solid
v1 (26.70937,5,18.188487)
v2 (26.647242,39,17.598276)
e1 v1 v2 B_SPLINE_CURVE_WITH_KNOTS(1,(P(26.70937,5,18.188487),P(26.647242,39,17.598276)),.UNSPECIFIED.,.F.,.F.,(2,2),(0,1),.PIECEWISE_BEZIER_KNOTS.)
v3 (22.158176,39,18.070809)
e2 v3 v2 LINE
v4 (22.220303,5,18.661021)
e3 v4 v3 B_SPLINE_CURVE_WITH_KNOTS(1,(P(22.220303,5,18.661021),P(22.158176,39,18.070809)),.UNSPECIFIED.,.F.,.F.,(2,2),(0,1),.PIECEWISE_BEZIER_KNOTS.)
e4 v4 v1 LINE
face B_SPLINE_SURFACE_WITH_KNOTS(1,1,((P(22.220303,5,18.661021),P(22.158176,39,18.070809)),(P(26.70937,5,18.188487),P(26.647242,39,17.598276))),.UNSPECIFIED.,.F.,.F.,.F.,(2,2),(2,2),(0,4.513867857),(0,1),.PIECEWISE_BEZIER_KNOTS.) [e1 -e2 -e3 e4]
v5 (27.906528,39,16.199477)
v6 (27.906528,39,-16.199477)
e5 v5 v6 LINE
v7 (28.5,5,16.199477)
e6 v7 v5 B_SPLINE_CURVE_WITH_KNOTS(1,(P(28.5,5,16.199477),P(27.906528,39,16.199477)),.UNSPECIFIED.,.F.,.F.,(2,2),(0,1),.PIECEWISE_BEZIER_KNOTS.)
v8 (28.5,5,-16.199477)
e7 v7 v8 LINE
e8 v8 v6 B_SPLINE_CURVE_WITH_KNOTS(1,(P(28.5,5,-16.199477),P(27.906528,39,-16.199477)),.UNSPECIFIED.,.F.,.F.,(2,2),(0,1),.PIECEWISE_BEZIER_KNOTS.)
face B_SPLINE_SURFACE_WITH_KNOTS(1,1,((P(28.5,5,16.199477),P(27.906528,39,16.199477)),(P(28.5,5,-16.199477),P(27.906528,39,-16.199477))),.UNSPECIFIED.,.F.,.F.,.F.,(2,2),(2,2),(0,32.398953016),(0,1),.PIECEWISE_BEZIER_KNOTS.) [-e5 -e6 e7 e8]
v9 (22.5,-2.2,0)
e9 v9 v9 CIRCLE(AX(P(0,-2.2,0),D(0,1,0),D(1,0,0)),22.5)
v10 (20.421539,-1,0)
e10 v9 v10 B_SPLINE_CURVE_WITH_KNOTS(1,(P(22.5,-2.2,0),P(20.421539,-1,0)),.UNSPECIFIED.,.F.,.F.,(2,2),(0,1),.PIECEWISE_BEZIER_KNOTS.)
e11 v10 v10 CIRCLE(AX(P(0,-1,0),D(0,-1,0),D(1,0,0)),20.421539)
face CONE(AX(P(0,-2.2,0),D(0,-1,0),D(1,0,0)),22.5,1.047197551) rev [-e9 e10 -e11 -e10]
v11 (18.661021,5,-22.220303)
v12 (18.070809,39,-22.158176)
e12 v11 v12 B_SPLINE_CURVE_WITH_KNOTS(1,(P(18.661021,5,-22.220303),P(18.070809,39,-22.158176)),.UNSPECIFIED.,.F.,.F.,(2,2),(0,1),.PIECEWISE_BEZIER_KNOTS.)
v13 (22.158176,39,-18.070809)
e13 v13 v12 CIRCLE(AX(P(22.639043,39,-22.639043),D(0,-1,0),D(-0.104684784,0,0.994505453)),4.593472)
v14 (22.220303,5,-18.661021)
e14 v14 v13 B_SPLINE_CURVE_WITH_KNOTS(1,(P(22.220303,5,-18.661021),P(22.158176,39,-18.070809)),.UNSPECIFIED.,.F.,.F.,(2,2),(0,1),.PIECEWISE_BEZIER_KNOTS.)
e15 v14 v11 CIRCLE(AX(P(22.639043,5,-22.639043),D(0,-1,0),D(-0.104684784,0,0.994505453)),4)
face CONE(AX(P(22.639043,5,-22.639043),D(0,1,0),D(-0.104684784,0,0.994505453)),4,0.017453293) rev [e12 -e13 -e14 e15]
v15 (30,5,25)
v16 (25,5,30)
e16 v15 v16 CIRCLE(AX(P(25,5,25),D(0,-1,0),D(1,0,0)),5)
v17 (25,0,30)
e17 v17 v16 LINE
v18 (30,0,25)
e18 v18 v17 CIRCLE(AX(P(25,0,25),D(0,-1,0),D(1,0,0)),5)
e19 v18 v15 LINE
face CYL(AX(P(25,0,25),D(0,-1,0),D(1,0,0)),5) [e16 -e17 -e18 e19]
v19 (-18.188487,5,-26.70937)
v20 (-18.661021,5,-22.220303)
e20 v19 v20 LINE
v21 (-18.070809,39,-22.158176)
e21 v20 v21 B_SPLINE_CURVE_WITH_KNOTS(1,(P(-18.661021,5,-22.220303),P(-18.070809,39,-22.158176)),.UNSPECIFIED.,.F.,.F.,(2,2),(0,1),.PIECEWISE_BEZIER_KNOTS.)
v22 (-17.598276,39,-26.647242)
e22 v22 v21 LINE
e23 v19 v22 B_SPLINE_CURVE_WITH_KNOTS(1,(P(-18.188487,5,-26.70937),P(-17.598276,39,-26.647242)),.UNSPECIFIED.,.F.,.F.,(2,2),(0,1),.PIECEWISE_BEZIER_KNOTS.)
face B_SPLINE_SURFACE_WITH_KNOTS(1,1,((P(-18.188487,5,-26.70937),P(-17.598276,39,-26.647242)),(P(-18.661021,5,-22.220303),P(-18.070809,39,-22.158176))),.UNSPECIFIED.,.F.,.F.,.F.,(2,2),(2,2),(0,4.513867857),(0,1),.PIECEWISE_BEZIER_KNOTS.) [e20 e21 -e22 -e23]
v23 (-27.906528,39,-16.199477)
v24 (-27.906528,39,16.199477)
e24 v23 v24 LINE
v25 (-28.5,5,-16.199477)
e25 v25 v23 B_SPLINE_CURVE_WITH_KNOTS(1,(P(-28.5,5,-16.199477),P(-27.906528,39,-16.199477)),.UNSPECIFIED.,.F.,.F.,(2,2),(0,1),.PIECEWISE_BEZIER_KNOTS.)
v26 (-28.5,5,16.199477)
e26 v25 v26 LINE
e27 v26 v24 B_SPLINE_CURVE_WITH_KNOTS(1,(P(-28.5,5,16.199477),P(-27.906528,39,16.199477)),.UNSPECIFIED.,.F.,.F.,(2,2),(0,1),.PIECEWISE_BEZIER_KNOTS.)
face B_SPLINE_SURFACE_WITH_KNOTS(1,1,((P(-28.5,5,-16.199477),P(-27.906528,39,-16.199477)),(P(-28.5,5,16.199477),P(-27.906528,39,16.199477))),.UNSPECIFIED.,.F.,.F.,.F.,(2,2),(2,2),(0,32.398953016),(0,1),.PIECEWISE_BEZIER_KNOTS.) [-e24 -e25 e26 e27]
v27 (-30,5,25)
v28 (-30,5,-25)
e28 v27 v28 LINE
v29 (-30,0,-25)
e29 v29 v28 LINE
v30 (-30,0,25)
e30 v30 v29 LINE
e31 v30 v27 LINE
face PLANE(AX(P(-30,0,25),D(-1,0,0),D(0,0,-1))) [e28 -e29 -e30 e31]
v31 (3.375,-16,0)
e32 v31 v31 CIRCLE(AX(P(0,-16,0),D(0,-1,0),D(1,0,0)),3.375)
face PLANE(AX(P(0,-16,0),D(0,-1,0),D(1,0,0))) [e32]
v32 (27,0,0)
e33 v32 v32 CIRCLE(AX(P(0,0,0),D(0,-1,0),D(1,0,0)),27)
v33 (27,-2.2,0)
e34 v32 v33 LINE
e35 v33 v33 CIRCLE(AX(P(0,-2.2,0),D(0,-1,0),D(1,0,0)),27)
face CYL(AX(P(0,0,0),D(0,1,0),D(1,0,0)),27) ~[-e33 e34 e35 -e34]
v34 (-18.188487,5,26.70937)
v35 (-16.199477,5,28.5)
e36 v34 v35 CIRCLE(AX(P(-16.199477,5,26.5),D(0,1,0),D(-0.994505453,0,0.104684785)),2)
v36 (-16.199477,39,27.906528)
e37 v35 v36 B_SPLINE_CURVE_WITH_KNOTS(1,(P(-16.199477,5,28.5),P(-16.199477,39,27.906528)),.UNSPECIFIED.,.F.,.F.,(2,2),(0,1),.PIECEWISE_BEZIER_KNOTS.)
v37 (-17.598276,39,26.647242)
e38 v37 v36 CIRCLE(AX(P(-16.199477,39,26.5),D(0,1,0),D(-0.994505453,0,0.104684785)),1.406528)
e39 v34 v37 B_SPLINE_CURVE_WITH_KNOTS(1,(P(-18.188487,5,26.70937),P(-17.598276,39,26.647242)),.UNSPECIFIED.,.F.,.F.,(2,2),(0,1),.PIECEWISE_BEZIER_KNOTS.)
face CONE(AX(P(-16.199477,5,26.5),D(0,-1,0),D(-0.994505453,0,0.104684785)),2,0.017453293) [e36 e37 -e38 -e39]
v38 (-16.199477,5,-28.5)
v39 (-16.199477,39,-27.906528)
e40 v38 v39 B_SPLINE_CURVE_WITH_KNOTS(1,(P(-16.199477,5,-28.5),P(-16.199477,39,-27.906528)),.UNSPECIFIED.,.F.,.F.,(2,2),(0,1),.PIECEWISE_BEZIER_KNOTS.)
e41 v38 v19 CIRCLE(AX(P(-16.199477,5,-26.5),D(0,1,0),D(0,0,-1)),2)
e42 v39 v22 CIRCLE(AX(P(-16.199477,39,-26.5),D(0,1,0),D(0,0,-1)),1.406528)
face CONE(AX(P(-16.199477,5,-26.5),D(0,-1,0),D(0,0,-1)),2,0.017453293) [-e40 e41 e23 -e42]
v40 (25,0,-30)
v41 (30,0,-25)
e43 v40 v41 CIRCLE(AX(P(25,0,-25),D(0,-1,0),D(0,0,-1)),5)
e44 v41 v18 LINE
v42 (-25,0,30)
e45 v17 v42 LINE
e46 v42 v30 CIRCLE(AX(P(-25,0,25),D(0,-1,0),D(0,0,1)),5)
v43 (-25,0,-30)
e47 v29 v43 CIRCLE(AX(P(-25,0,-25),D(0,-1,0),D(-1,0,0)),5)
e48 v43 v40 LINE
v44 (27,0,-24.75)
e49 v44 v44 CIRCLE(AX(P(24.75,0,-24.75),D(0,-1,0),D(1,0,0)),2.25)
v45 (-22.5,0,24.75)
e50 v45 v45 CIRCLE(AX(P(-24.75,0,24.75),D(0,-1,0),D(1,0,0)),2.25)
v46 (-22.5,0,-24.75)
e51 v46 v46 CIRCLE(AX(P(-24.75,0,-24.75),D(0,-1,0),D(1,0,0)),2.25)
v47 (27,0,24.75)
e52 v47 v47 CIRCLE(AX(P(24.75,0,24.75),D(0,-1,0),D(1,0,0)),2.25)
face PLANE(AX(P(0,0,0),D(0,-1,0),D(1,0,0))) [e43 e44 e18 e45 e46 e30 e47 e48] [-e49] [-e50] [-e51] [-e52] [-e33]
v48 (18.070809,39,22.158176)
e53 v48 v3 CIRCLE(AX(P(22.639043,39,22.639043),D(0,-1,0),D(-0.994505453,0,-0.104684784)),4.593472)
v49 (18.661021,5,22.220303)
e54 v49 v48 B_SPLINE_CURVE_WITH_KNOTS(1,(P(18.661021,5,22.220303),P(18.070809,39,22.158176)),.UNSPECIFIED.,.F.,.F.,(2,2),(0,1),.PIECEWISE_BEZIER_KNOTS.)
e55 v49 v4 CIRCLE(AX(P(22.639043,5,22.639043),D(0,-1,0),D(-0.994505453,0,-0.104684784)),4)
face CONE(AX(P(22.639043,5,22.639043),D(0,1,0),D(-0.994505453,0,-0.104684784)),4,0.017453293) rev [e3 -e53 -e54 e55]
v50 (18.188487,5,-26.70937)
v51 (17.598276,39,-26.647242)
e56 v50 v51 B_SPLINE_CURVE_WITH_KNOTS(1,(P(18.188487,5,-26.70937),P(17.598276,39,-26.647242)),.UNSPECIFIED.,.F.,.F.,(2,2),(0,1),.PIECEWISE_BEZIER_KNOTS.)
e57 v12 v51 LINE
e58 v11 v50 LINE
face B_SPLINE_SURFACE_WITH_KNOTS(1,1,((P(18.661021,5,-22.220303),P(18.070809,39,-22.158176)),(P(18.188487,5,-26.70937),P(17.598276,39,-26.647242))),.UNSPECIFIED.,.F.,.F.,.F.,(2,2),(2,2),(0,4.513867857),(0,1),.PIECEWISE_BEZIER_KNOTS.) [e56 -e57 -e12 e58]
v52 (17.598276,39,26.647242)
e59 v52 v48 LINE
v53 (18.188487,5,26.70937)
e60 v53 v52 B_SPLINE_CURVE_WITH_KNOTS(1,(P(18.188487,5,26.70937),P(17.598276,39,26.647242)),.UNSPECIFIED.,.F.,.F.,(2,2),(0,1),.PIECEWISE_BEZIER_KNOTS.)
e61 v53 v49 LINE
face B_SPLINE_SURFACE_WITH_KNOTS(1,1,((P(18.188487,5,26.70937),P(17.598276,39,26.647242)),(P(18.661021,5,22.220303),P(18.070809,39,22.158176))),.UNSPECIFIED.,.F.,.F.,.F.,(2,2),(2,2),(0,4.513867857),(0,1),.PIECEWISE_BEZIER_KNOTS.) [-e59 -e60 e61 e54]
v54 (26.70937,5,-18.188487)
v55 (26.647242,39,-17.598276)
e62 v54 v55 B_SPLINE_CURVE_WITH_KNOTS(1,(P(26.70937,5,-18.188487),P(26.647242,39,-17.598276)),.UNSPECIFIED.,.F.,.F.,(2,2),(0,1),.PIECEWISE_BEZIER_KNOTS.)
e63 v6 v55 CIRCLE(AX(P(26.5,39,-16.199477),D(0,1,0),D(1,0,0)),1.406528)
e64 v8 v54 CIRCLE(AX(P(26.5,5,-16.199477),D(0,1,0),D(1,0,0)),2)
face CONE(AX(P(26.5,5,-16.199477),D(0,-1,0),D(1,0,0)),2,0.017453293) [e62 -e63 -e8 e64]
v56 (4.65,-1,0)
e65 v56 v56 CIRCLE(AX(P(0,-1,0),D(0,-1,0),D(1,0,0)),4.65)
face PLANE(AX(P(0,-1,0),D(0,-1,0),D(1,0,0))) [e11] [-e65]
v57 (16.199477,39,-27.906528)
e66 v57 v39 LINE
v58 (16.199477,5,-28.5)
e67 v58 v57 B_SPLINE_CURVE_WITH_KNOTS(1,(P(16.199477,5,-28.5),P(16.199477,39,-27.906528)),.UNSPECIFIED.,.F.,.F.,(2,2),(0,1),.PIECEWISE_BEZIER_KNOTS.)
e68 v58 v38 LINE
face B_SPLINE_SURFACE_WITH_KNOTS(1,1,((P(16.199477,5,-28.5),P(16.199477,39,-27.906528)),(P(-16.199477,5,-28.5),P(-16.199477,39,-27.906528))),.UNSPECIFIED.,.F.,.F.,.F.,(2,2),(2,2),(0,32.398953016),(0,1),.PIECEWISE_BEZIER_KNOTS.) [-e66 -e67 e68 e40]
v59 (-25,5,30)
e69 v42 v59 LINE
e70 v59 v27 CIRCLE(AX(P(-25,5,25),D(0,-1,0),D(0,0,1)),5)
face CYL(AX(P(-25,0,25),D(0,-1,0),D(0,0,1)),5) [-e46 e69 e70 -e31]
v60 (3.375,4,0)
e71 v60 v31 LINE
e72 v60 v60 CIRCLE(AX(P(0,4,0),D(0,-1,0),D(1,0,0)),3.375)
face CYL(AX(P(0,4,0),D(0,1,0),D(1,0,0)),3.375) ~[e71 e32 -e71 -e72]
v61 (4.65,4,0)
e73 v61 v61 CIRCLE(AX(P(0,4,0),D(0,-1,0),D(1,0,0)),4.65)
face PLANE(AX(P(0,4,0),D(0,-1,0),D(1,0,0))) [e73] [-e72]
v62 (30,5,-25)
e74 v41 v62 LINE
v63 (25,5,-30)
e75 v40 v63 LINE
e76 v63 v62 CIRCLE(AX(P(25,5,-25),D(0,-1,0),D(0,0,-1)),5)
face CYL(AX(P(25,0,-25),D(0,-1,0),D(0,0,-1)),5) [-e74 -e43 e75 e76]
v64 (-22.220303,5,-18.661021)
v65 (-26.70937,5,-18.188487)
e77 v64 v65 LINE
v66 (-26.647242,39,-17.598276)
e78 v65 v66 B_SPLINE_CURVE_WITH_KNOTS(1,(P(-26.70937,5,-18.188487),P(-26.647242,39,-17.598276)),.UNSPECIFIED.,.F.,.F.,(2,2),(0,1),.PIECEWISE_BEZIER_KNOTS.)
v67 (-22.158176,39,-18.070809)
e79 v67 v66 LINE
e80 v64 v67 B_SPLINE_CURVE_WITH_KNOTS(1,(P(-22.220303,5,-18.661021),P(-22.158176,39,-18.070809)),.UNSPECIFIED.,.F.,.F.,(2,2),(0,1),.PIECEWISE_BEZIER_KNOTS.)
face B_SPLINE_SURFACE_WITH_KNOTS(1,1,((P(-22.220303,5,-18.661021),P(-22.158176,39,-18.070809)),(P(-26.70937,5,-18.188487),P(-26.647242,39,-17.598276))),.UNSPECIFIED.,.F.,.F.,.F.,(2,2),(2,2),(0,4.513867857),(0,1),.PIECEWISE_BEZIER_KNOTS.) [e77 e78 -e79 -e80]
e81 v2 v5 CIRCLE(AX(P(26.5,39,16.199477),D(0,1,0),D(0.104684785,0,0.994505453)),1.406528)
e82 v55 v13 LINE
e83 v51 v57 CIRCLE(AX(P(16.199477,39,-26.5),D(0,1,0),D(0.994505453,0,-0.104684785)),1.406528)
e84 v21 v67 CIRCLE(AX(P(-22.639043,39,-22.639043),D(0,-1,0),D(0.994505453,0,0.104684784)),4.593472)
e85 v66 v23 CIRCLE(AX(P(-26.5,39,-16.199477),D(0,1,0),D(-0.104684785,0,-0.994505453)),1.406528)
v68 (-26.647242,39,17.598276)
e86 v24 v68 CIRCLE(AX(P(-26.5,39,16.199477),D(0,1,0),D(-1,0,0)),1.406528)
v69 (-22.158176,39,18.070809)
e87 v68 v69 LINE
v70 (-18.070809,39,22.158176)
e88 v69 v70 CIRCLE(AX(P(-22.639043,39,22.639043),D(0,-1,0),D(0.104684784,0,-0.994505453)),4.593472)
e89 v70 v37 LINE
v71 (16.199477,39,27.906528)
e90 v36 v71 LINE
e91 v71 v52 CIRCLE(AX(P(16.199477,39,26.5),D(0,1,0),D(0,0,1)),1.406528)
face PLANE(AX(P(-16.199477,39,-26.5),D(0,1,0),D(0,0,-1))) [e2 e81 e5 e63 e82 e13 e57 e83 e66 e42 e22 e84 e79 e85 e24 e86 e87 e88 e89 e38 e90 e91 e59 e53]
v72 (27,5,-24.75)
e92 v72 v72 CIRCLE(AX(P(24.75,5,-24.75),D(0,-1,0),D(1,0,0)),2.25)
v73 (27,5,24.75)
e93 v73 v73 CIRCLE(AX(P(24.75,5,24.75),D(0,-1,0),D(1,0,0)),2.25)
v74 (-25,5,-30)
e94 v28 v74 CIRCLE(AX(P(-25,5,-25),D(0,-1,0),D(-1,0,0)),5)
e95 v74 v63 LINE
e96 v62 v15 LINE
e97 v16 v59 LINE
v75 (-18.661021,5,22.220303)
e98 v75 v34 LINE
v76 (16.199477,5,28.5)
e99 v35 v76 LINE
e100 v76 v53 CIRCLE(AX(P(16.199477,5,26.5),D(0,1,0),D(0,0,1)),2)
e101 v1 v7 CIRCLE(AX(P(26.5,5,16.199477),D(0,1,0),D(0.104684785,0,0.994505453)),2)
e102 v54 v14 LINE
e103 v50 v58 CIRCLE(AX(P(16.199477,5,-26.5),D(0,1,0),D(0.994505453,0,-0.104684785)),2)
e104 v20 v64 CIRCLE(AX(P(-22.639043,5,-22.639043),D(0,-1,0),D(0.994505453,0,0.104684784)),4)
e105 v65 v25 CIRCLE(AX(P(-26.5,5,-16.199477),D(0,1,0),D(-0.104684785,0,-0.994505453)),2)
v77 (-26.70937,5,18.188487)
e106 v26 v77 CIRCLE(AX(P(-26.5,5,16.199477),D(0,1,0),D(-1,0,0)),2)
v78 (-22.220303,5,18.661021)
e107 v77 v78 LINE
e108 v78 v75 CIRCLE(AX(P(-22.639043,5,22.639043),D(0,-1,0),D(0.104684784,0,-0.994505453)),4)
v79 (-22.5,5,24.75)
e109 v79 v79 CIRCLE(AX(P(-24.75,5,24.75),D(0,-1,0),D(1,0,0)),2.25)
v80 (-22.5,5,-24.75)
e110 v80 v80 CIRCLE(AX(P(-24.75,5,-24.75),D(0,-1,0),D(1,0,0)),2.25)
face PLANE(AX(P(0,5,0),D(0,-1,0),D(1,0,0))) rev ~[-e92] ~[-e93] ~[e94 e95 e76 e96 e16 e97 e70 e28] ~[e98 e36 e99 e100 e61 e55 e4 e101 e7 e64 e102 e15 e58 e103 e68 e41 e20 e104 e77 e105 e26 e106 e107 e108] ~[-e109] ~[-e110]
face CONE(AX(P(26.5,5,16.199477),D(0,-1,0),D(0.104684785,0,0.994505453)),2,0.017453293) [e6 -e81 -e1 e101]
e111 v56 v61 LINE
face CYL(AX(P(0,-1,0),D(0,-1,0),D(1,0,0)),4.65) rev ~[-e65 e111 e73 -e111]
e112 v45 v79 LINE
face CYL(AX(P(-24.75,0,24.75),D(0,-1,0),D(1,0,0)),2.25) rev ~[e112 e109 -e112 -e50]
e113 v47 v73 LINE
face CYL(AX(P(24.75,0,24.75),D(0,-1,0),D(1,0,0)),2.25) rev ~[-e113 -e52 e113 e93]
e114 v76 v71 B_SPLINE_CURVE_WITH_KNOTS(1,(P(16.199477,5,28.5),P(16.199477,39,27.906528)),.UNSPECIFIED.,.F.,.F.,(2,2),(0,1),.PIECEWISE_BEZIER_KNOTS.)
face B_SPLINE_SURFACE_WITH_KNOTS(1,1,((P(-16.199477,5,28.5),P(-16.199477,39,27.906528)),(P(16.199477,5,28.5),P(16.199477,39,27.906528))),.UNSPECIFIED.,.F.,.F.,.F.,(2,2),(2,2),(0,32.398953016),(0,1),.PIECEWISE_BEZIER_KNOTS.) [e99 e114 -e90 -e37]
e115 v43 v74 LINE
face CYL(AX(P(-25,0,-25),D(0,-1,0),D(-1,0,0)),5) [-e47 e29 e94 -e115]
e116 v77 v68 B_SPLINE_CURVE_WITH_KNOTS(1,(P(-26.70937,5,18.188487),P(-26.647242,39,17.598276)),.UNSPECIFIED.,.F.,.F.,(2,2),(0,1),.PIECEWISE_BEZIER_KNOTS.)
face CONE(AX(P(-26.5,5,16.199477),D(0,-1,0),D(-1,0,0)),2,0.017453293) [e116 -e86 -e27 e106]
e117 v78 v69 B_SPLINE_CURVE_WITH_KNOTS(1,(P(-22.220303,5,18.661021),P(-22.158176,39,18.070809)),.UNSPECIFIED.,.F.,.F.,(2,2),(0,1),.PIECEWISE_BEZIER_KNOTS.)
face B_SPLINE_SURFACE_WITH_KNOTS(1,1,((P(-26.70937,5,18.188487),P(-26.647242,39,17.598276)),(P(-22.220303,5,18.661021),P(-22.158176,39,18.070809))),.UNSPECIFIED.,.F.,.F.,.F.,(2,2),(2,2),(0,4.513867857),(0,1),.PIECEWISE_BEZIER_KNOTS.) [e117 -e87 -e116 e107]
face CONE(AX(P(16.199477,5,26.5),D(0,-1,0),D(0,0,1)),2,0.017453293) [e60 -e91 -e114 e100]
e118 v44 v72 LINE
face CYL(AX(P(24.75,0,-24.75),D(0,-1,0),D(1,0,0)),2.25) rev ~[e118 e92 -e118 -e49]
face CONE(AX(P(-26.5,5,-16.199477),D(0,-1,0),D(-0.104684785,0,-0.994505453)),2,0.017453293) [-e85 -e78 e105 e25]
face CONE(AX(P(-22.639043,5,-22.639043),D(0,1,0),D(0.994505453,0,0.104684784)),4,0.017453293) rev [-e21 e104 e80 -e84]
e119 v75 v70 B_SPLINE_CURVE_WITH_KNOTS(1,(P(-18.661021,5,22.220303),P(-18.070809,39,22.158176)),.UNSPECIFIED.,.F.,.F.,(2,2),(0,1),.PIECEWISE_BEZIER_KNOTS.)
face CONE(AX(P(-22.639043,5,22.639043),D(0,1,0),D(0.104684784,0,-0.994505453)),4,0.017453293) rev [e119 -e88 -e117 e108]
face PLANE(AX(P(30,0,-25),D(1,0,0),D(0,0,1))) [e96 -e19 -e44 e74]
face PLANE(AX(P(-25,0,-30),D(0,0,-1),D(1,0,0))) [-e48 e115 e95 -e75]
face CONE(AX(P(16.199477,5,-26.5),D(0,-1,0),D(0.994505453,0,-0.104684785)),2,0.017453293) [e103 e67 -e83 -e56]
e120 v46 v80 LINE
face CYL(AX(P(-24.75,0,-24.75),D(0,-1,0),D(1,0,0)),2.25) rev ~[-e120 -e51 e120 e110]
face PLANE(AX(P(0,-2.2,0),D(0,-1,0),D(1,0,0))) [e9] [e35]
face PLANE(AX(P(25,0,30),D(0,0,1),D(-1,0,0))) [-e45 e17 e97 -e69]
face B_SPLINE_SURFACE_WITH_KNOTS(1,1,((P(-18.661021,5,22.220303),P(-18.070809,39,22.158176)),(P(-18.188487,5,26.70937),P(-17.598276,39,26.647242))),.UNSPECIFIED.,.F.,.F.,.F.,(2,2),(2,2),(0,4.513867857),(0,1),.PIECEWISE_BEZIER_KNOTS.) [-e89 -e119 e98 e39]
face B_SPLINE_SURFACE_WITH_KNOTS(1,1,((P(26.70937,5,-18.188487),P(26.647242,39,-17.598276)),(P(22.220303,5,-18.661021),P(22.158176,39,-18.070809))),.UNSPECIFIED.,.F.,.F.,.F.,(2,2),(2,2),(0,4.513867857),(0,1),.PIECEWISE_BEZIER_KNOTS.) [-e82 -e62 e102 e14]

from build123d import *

# Parameters (mm, degrees)
F0_R      = 2.25
F1_DEPTH  = 5
F3_DEPTH  = 34
F3_TAPER  = 1
F4_R      = 27
F5_DEPTH  = 2.2
F6_R      = 22.5
F7_DEPTH  = 1.2
F7_TAPER  = 60
F8_R      = 4.65
F9_DEPTH  = 5
F10_R     = 3.375
F11_DEPTH = 20


with BuildPart() as f1:
    # F0 (on Front) → F1 (new body)
    with BuildSketch(Plane.XZ):
        with BuildLine():
            ThreePointArc((30, 25), (28.5355339059, 28.5355339059), (25, 30))
            Line((25, 30), (-25, 30))
            ThreePointArc((-25, 30), (-28.5355339059, 28.5355339059), (-30, 25))
            Line((-30, 25), (-30, -25))
            ThreePointArc((-30, -25), (-28.5355339059, -28.5355339059), (-25, -30))
            Line((-25, -30), (25, -30))
            ThreePointArc((25, -30), (28.5355339059, -28.5355339059), (30, -25))
            Line((30, -25), (30, 25))
        make_face()
        with Locations((-24.75, -24.75)):
            Circle(F0_R, mode=Mode.SUBTRACT)
        with Locations((24.75, -24.75)):
            Circle(F0_R, mode=Mode.SUBTRACT)
        with Locations((-24.75, 24.75)):
            Circle(F0_R, mode=Mode.SUBTRACT)
        with Locations((24.75, 24.75)):
            Circle(F0_R, mode=Mode.SUBTRACT)
    extrude(amount=-F1_DEPTH)

    # F2 (on face) → F3 (join)
    with BuildSketch(Plane(origin=(0, 5, 0), x_dir=(-1, 0, 0), z_dir=(0, 1, 0))):
        with BuildLine():
            Line((-16.1994765079, -28.5), (16.1994765079, -28.5))
            ThreePointArc((16.1994765079, -28.5), (17.5376209063, -27.9863948227), (18.1884874138, -26.709369569))
            Line((18.1884874138, -26.709369569), (18.6610206978, -22.2203033714))
            ThreePointArc((18.6610206978, -22.2203033714), (19.8106153847, -19.8106153847), (22.2203033714, -18.6610206978))
            Line((22.2203033714, -18.6610206978), (26.709369569, -18.1884874138))
            ThreePointArc((26.709369569, -18.1884874138), (27.9863948227, -17.5376209063), (28.5, -16.1994765079))
            Line((28.5, -16.1994765079), (28.5, 16.1994765079))
            ThreePointArc((28.5, 16.1994765079), (27.9863948227, 17.5376209063), (26.709369569, 18.1884874138))
            Line((26.709369569, 18.1884874138), (22.2203033714, 18.6610206978))
            ThreePointArc((22.2203033714, 18.6610206978), (19.8106153847, 19.8106153847), (18.6610206978, 22.2203033714))
            Line((18.6610206978, 22.2203033714), (18.1884874138, 26.709369569))
            ThreePointArc((18.1884874138, 26.709369569), (17.5376209063, 27.9863948227), (16.1994765079, 28.5))
            Line((16.1994765079, 28.5), (-16.1994765079, 28.5))
            ThreePointArc((-16.1994765079, 28.5), (-17.5376209063, 27.9863948227), (-18.1884874138, 26.709369569))
            Line((-18.1884874138, 26.709369569), (-18.6610206978, 22.2203033714))
            ThreePointArc((-18.6610206978, 22.2203033714), (-19.8106153847, 19.8106153847), (-22.2203033714, 18.6610206978))
            Line((-22.2203033714, 18.6610206978), (-26.709369569, 18.1884874138))
            ThreePointArc((-26.709369569, 18.1884874138), (-27.9863948227, 17.5376209063), (-28.5, 16.1994765079))
            Line((-28.5, 16.1994765079), (-28.5, -16.1994765079))
            ThreePointArc((-28.5, -16.1994765079), (-27.9863948227, -17.5376209063), (-26.709369569, -18.1884874138))
            Line((-26.709369569, -18.1884874138), (-22.2203033714, -18.6610206978))
            ThreePointArc((-22.2203033714, -18.6610206978), (-19.8106153847, -19.8106153847), (-18.6610206978, -22.2203033714))
            Line((-18.6610206978, -22.2203033714), (-18.1884874138, -26.709369569))
            ThreePointArc((-18.1884874138, -26.709369569), (-17.5376209063, -27.9863948227), (-16.1994765079, -28.5))
        make_face()
    extrude(amount=F3_DEPTH, taper=F3_TAPER)

    # F4 (on face) → F5 (join)
    with BuildSketch(Plane.XZ):
        Circle(F4_R)
    extrude(amount=F5_DEPTH)

    # F6 (on face) → F7 (cut)
    with BuildSketch(Plane.XZ.offset(2.2)):
        Circle(F6_R)
    extrude(amount=-F7_DEPTH, taper=F7_TAPER, mode=Mode.SUBTRACT)

    # F8 (on face) → F9 (cut)
    with BuildSketch(Plane.XZ.offset(1)):
        Circle(F8_R)
    extrude(amount=-F9_DEPTH, mode=Mode.SUBTRACT)

    # F10 (on face) → F11 (join)
    with BuildSketch(Plane.XZ.offset(-4)):
        Circle(F10_R)
    extrude(amount=F11_DEPTH)


solid = f1.part
